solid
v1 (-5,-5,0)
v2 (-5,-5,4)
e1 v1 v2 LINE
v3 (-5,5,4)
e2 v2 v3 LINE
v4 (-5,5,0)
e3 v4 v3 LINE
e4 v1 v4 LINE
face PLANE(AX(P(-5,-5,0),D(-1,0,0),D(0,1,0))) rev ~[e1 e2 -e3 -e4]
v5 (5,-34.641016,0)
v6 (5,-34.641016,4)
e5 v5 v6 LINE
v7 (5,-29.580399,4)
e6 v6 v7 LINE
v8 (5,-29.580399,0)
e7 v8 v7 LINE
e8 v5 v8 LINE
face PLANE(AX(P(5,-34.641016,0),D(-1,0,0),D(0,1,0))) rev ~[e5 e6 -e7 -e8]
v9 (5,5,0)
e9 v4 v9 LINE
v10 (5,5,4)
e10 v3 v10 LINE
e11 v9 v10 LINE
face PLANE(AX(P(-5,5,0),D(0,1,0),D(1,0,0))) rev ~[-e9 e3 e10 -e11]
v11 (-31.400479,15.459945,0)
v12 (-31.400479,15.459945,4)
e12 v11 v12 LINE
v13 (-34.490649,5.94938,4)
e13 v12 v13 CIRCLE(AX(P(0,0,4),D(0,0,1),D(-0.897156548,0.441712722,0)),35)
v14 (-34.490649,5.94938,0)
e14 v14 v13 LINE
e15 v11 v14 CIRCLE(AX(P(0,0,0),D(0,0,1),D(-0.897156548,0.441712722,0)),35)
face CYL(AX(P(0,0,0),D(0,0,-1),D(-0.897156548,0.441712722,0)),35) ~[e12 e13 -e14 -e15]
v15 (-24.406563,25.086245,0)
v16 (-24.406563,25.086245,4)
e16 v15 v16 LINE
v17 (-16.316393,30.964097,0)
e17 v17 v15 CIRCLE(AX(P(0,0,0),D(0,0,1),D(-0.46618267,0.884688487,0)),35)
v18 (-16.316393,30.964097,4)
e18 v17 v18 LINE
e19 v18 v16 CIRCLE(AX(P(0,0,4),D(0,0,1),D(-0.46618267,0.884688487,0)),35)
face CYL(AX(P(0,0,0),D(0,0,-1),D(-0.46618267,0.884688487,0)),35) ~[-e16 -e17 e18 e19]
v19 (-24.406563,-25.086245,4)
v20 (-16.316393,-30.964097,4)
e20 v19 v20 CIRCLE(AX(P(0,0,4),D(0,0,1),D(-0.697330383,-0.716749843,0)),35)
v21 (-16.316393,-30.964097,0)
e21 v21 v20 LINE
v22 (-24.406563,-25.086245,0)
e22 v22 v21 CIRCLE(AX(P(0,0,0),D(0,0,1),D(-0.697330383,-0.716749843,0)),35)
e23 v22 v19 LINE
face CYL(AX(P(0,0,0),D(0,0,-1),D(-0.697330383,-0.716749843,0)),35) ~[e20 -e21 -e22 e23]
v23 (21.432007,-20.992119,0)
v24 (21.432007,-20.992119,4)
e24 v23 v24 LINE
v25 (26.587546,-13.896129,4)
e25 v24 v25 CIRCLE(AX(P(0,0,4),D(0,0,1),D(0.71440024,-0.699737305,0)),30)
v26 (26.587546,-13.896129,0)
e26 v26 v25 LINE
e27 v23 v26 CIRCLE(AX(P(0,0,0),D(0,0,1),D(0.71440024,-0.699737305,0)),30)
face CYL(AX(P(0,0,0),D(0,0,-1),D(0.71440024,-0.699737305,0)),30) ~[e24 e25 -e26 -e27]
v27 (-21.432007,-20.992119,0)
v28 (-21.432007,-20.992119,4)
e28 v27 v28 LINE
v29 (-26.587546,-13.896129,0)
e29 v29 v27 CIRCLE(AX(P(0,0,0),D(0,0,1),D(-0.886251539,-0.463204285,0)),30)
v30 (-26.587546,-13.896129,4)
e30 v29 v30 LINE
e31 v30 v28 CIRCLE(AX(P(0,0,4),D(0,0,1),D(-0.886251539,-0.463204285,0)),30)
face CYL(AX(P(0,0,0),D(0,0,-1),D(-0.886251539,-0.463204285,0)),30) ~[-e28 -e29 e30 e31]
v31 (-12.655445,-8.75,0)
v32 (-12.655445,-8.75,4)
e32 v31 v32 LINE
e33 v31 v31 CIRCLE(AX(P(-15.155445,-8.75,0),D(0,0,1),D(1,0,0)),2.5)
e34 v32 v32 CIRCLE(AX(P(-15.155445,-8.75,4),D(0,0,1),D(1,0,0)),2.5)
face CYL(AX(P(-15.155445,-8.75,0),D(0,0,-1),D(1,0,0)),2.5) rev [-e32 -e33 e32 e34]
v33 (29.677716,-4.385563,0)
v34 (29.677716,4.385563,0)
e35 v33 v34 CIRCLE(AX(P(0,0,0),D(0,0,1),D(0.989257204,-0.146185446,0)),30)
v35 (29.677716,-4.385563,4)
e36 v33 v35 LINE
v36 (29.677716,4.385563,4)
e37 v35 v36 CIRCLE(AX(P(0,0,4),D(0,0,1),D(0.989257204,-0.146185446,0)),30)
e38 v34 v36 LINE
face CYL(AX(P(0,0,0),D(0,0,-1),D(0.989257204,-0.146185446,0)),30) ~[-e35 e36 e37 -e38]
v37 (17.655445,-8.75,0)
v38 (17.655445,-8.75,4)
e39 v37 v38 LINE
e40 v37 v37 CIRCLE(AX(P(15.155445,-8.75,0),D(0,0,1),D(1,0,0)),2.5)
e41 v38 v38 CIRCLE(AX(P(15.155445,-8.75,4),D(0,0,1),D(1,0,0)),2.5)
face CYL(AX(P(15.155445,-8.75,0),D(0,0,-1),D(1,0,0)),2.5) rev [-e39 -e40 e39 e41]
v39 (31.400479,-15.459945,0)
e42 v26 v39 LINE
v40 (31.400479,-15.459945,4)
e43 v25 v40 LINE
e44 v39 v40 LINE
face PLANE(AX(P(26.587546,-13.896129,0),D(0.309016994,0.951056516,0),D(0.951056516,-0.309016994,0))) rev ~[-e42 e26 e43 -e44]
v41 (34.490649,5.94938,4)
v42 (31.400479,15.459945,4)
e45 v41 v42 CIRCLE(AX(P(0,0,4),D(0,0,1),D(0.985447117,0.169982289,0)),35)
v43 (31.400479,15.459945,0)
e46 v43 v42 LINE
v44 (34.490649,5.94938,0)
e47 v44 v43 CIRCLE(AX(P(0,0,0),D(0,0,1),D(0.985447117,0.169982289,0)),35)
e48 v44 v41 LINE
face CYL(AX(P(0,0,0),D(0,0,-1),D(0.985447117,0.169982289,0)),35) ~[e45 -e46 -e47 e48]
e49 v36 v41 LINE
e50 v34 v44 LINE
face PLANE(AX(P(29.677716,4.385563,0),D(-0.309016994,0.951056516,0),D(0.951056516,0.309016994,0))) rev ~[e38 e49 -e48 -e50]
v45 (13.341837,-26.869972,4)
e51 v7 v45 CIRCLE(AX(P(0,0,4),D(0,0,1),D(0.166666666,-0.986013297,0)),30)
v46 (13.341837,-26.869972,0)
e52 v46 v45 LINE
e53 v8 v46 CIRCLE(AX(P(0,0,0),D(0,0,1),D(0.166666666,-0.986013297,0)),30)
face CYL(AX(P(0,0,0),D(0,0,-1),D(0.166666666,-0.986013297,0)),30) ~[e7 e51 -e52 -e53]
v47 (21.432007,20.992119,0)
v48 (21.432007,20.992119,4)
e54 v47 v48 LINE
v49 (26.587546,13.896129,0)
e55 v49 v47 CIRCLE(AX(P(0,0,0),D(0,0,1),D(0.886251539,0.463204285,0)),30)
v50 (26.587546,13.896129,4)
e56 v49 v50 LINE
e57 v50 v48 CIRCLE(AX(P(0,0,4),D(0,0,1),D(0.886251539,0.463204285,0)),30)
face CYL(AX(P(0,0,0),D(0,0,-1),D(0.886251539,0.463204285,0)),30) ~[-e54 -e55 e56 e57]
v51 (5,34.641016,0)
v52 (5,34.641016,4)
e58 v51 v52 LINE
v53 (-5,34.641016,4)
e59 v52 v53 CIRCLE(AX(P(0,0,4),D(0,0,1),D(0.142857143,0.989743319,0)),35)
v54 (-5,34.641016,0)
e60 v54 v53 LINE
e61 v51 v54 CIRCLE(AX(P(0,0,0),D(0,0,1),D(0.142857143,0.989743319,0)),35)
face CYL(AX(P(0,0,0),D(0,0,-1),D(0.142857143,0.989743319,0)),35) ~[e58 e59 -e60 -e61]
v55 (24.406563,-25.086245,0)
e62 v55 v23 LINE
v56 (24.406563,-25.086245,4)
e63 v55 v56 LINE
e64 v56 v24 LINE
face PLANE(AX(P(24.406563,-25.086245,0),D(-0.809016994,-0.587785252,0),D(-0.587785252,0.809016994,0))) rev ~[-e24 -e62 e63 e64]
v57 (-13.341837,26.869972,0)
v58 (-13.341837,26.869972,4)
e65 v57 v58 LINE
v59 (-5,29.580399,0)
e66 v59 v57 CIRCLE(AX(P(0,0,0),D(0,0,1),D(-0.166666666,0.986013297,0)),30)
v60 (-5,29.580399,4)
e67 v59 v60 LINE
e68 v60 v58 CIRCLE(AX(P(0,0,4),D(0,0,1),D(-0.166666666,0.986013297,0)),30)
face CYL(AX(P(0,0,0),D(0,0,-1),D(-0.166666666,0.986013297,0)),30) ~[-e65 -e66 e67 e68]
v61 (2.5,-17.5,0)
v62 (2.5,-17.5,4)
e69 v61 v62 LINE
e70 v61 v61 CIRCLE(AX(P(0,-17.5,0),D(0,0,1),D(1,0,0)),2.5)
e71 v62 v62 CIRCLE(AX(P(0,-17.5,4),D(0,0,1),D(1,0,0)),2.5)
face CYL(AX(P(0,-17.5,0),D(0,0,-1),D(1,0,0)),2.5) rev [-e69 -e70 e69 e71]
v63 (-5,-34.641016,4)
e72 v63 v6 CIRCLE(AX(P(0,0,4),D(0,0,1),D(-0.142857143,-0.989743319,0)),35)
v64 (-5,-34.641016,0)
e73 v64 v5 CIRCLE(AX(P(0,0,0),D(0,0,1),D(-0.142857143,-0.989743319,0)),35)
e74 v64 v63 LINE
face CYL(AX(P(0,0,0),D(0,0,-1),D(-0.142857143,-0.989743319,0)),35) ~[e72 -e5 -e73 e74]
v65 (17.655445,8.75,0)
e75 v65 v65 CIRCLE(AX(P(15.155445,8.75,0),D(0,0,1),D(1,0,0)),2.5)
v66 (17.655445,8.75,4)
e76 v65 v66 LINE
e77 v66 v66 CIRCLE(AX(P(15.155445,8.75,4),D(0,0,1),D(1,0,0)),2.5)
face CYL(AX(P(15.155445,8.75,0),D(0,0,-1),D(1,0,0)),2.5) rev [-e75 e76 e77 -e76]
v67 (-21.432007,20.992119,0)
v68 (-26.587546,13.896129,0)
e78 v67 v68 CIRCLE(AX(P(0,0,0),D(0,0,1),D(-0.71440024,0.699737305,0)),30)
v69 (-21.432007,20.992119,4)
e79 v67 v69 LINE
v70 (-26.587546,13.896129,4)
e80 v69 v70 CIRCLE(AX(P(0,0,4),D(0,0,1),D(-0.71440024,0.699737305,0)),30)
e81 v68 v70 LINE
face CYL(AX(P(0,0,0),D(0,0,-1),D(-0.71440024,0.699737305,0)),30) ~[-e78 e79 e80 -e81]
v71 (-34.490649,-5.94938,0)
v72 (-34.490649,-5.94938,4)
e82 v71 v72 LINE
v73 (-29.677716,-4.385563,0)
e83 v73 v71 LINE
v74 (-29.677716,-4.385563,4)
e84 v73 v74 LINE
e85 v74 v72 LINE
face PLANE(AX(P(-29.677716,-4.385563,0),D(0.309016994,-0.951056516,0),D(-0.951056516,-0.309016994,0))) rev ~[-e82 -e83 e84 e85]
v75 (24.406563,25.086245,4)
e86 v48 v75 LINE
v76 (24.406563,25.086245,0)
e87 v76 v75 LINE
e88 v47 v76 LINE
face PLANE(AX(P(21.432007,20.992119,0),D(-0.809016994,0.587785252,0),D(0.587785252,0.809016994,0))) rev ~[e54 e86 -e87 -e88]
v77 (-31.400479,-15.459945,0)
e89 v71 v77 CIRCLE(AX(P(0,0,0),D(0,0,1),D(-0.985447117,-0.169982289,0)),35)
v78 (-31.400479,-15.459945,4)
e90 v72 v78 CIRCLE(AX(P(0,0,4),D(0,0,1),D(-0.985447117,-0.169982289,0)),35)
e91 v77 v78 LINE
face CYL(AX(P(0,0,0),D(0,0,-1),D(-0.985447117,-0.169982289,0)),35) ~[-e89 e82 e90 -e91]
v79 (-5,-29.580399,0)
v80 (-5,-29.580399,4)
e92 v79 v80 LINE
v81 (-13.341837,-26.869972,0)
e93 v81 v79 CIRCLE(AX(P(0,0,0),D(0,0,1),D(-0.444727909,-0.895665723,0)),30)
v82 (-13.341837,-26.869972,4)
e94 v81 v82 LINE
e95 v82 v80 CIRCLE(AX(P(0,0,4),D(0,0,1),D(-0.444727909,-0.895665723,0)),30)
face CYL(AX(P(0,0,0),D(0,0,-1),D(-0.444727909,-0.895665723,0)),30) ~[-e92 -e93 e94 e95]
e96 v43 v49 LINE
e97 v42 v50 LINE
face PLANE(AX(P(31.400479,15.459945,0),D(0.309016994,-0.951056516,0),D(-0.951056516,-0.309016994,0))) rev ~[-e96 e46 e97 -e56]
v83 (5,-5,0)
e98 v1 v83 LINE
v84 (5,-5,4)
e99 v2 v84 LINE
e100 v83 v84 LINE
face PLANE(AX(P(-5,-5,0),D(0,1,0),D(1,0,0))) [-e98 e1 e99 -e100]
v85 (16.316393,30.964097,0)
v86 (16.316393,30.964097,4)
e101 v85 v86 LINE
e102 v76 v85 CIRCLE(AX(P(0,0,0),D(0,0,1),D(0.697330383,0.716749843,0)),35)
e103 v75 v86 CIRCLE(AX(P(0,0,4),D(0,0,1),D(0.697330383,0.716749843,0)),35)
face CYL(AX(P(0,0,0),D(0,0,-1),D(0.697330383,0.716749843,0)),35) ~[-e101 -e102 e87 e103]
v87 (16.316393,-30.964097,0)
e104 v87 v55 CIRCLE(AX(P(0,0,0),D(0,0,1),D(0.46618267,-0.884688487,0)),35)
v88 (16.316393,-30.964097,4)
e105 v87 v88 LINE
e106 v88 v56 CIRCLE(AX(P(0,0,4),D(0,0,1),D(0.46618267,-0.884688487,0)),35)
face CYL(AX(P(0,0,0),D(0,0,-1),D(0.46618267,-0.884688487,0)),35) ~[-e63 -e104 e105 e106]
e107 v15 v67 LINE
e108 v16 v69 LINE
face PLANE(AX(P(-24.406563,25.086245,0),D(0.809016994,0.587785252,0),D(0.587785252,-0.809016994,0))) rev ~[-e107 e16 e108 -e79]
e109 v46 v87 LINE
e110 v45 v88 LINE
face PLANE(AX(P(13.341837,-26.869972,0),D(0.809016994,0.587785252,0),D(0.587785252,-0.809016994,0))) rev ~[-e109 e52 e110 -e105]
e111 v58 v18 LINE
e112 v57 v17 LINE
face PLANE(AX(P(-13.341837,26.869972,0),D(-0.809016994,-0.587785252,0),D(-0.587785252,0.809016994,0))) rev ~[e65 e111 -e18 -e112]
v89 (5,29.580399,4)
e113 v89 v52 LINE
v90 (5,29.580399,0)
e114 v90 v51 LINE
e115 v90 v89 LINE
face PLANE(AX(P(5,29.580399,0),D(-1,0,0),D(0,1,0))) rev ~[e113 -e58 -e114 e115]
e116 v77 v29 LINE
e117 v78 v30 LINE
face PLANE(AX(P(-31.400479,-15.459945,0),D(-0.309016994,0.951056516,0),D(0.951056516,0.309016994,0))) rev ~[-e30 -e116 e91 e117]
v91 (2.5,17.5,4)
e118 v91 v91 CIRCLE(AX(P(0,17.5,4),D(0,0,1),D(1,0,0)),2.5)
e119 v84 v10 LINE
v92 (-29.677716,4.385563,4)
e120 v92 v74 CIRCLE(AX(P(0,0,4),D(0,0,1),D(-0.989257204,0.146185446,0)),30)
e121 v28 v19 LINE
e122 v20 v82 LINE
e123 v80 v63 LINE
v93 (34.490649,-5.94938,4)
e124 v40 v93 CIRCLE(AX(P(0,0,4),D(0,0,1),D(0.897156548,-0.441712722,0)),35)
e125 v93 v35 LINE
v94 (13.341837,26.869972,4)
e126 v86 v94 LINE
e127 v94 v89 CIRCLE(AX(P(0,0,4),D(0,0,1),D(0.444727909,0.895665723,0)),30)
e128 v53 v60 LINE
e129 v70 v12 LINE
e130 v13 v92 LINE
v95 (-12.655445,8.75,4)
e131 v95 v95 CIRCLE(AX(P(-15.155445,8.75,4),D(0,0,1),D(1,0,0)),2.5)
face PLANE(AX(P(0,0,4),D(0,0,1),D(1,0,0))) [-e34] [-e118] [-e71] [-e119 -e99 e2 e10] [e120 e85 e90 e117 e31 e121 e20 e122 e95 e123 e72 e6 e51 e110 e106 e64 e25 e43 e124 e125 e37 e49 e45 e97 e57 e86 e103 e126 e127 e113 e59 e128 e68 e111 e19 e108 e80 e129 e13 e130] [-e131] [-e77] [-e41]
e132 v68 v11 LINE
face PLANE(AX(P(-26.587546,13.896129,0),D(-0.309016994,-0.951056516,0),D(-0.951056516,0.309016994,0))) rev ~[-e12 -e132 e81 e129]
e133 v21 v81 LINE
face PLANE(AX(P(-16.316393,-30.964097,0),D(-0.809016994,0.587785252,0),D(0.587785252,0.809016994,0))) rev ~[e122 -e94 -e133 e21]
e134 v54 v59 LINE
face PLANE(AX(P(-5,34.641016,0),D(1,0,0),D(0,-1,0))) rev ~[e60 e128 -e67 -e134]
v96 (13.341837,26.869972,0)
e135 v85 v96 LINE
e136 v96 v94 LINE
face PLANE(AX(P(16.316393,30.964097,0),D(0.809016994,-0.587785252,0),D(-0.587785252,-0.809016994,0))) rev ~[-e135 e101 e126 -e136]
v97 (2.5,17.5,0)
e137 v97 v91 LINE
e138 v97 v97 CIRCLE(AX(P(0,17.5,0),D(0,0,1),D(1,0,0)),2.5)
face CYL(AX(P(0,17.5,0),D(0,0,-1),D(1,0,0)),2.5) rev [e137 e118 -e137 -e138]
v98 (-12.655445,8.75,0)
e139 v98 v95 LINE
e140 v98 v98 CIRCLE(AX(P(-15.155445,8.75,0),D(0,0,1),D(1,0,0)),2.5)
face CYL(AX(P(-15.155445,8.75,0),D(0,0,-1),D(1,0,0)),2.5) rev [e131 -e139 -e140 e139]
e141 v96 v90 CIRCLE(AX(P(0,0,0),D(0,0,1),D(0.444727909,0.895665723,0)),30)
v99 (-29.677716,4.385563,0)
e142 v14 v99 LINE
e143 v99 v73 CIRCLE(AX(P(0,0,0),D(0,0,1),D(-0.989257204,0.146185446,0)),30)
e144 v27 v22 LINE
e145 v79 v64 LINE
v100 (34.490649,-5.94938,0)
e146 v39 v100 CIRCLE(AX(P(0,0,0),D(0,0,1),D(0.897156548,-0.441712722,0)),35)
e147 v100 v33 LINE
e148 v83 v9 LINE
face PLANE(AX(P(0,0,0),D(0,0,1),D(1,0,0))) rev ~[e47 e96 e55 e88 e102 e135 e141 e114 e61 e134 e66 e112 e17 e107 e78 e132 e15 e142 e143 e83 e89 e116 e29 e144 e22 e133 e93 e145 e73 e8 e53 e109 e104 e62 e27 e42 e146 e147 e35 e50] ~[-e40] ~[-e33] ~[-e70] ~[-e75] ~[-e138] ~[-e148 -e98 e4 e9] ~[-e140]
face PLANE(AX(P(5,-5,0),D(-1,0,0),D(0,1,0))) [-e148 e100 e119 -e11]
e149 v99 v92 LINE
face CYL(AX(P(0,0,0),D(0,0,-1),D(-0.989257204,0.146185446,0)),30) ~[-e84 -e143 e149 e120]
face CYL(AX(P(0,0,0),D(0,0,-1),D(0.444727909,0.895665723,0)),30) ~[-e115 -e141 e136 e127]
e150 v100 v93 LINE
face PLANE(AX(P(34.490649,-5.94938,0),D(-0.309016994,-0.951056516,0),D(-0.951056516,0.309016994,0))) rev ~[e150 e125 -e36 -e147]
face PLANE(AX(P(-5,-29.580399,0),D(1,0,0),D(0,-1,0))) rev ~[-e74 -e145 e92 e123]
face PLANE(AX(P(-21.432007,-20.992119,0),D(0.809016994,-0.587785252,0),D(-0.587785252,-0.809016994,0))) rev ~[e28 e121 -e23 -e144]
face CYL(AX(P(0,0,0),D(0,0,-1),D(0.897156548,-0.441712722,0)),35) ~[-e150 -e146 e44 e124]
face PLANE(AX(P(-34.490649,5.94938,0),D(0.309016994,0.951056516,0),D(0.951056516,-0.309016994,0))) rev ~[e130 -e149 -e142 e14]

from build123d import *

# Parameters (mm, degrees)
SKETCH1_R           = 2.5
SKETCH1_W           = 10
SKETCH1_H           = 10
BOSS_EXTRUDE1_DEPTH = 4


with BuildPart() as part:
    # Sketch1 → Boss-Extrude1 (new body)
    with BuildSketch(Plane.XY):
        with BuildLine():
            Line((5, 29.580398915), (5, 34.641016151))
            ThreePointArc((5, 34.641016151), (0, 35), (-5, 34.641016151))
            Line((-5, 34.641016151), (-5, 29.580398915))
            ThreePointArc((-5, 29.580398915), (-9.270509831, 28.531695489), (-13.341837268, 26.869971684))
            Line((-13.341837268, 26.869971684), (-16.316393446, 30.96409703))
            ThreePointArc((-16.316393446, 30.96409703), (-20.57248383, 28.315594803), (-24.40656339, 25.086244507))
            Line((-24.40656339, 25.086244507), (-21.432007211, 20.992119162))
            ThreePointArc((-21.432007211, 20.992119162), (-24.270509831, 17.633557569), (-26.587546171, 13.896128547))
            Line((-26.587546171, 13.896128547), (-31.40047917, 15.459945275))
            ThreePointArc((-31.40047917, 15.459945275), (-33.28697807, 10.815594803), (-34.490649114, 5.949380112))
            Line((-34.490649114, 5.949380112), (-29.677716115, 4.385563384))
            ThreePointArc((-29.677716115, 4.385563384), (-30, 0), (-29.677716115, -4.385563384))
            Line((-29.677716115, -4.385563384), (-34.490649114, -5.949380112))
            ThreePointArc((-34.490649114, -5.949380112), (-33.28697807, -10.815594803), (-31.40047917, -15.459945275))
            Line((-31.40047917, -15.459945275), (-26.587546171, -13.896128547))
            ThreePointArc((-26.587546171, -13.896128547), (-24.270509831, -17.633557569), (-21.432007211, -20.992119162))
            Line((-21.432007211, -20.992119162), (-24.40656339, -25.086244507))
            ThreePointArc((-24.40656339, -25.086244507), (-20.57248383, -28.315594803), (-16.316393446, -30.96409703))
            Line((-16.316393446, -30.96409703), (-13.341837268, -26.869971684))
            ThreePointArc((-13.341837268, -26.869971684), (-9.270509831, -28.531695489), (-5, -29.580398915))
            Line((-5, -29.580398915), (-5, -34.641016151))
            ThreePointArc((-5, -34.641016151), (0, -35), (5, -34.641016151))
            Line((5, -34.641016151), (5, -29.580398915))
            ThreePointArc((5, -29.580398915), (9.270509831, -28.531695489), (13.341837268, -26.869971684))
            Line((13.341837268, -26.869971684), (16.316393446, -30.96409703))
            ThreePointArc((16.316393446, -30.96409703), (20.57248383, -28.315594803), (24.40656339, -25.086244507))
            Line((24.40656339, -25.086244507), (21.432007211, -20.992119162))
            ThreePointArc((21.432007211, -20.992119162), (24.270509831, -17.633557569), (26.587546171, -13.896128547))
            Line((26.587546171, -13.896128547), (31.40047917, -15.459945275))
            ThreePointArc((31.40047917, -15.459945275), (33.28697807, -10.815594803), (34.490649114, -5.949380112))
            Line((34.490649114, -5.949380112), (29.677716115, -4.385563384))
            ThreePointArc((29.677716115, -4.385563384), (30, 0), (29.677716115, 4.385563384))
            Line((29.677716115, 4.385563384), (34.490649114, 5.949380112))
            ThreePointArc((34.490649114, 5.949380112), (33.28697807, 10.815594803), (31.40047917, 15.459945275))
            Line((31.40047917, 15.459945275), (26.587546171, 13.896128547))
            ThreePointArc((26.587546171, 13.896128547), (24.270509831, 17.633557569), (21.432007211, 20.992119162))
            Line((21.432007211, 20.992119162), (24.40656339, 25.086244507))
            ThreePointArc((24.40656339, 25.086244507), (20.57248383, 28.315594803), (16.316393446, 30.96409703))
            Line((16.316393446, 30.96409703), (13.341837268, 26.869971684))
            ThreePointArc((13.341837268, 26.869971684), (9.270509831, 28.531695489), (5, 29.580398915))
        make_face()
        with Locations((0, 17.5)):
            Circle(SKETCH1_R, mode=Mode.SUBTRACT)
        with Locations((15.155444566, 8.75)):
            Circle(SKETCH1_R, mode=Mode.SUBTRACT)
        with Locations((15.155444566, -8.75)):
            Circle(SKETCH1_R, mode=Mode.SUBTRACT)
        with Locations((0, -17.5)):
            Circle(SKETCH1_R, mode=Mode.SUBTRACT)
        with Locations((-15.155444566, -8.75)):
            Circle(SKETCH1_R, mode=Mode.SUBTRACT)
        with Locations((-15.155444566, 8.75)):
            Circle(SKETCH1_R, mode=Mode.SUBTRACT)
        Rectangle(SKETCH1_W, SKETCH1_H, mode=Mode.SUBTRACT)
    extrude(amount=BOSS_EXTRUDE1_DEPTH)


solid = part.part
